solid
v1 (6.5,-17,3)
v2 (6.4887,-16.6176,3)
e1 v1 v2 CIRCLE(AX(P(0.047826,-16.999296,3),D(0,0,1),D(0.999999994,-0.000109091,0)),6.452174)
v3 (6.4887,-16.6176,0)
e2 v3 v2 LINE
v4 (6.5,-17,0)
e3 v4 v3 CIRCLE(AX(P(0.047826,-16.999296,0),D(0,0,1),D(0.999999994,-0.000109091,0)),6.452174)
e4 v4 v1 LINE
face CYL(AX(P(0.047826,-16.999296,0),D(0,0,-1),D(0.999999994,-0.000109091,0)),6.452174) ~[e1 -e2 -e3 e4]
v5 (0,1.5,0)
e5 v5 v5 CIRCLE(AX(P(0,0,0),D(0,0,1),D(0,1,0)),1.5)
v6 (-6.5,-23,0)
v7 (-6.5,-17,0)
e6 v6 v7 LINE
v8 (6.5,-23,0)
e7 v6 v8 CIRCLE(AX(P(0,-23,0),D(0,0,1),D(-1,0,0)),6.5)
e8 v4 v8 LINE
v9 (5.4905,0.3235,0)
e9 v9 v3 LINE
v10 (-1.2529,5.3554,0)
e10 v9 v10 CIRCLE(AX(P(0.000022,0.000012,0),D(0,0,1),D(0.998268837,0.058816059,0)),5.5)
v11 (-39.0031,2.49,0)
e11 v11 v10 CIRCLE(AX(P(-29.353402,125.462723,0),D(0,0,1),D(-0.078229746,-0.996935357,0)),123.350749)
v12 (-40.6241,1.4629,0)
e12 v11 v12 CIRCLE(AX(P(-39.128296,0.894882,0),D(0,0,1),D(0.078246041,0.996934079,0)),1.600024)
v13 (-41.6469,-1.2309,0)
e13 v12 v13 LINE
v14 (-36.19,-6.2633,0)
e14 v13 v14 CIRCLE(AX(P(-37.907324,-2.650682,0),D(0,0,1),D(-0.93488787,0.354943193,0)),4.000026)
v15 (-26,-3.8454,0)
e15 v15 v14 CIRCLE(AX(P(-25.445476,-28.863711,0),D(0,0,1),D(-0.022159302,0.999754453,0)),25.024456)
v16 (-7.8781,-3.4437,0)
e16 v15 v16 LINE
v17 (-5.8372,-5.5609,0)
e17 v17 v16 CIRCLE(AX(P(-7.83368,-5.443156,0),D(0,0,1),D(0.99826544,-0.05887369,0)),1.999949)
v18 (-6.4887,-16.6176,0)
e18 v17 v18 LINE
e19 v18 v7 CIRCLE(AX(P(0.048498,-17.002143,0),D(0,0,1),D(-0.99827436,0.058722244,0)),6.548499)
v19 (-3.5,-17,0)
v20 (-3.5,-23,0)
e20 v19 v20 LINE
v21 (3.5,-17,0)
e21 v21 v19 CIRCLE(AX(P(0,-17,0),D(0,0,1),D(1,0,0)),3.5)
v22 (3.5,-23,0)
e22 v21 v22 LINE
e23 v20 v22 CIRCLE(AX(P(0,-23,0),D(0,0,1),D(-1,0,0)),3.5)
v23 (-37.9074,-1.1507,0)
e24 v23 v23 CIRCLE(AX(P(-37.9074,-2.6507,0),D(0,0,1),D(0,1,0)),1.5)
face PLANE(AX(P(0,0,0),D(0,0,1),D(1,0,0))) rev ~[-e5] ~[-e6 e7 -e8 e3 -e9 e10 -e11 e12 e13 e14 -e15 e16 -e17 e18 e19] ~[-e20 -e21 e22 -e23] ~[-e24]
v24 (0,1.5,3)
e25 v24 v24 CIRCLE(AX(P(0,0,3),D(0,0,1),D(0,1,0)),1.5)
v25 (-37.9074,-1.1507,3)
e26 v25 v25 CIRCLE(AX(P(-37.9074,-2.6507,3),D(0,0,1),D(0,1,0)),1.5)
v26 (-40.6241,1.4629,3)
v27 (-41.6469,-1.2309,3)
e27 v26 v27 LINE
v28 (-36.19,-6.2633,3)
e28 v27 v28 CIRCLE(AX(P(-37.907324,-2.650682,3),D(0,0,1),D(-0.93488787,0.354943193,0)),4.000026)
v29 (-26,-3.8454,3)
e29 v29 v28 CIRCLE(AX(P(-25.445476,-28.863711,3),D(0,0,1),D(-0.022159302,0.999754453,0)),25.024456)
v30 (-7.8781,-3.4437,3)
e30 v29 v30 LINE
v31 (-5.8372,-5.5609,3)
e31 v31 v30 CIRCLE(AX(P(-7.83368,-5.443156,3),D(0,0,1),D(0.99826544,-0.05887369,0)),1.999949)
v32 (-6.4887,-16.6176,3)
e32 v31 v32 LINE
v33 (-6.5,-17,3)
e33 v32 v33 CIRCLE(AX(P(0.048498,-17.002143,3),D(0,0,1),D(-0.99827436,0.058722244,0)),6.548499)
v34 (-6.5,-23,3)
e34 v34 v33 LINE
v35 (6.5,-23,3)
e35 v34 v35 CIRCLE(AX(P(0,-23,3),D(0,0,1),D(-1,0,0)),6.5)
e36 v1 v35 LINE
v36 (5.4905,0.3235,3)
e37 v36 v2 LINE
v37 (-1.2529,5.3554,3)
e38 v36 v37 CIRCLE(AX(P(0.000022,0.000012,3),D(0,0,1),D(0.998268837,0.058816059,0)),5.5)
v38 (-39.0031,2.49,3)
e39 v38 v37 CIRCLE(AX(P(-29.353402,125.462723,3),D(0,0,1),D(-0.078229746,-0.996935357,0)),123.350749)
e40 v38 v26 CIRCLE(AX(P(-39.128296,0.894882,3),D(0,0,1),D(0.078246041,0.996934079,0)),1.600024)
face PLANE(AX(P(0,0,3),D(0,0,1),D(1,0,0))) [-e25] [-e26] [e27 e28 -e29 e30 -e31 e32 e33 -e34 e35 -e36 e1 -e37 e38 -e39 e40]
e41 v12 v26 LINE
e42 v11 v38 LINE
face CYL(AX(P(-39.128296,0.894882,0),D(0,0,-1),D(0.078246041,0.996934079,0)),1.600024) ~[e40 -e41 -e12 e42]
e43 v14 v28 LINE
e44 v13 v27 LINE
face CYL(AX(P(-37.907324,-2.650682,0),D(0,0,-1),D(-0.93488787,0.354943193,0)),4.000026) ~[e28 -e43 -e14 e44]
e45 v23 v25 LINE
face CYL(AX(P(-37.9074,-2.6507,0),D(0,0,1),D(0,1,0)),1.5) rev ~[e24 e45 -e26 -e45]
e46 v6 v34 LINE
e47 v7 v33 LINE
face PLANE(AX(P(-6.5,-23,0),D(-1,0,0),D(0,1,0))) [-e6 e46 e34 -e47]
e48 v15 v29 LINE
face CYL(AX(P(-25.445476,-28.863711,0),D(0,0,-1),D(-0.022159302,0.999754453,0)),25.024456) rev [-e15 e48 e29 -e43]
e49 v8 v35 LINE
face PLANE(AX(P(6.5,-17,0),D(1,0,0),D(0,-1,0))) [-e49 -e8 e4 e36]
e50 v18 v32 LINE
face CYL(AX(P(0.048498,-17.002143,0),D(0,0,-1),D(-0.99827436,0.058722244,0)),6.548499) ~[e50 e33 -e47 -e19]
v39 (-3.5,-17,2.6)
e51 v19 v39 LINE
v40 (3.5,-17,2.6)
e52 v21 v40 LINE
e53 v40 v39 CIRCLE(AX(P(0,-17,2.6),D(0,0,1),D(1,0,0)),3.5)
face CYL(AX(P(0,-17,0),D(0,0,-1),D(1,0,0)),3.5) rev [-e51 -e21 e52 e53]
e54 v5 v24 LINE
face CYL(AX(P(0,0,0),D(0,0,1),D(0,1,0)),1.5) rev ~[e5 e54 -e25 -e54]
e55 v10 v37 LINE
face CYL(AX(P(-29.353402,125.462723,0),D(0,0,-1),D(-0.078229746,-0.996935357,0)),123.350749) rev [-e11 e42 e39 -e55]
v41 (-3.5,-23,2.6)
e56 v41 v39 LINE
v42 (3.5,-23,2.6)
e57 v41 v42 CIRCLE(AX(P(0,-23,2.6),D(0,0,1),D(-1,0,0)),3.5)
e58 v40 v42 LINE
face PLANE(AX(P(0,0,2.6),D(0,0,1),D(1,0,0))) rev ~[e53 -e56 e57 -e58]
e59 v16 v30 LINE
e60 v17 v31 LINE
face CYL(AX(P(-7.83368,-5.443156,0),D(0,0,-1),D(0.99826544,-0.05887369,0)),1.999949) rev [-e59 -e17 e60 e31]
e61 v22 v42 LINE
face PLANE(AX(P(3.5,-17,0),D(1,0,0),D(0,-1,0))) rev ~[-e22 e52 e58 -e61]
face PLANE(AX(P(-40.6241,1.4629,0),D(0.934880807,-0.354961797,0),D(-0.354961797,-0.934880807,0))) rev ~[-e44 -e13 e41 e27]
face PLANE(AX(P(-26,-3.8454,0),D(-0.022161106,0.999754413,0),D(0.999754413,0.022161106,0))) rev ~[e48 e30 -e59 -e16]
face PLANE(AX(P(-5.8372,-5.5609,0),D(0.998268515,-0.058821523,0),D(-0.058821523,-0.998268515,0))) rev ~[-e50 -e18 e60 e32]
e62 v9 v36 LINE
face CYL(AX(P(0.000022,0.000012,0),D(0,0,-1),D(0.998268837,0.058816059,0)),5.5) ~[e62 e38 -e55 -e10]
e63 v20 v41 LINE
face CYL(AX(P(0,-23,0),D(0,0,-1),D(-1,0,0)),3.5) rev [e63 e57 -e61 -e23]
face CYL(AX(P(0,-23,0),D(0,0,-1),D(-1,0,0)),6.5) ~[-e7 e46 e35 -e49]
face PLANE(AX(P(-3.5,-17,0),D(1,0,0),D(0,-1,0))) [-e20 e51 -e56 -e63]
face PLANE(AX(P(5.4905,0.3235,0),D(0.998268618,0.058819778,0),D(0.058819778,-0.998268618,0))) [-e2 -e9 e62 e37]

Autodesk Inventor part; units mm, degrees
ref_plane "YZ Plane" through (0, 0, 0) normal (1, 0, 0) x (0, 1, 0)
ref_plane "XZ Plane" through (0, 0, 0) normal (0, 1, 0) x (-1, 0, 0)
ref_plane "XY Plane" through (0, 0, 0) normal (0, 0, 1) x (1, 0, 0)
sketch "スケッチ1" plane through (0, 0, 0) normal (0, 0, 1) x (1, 0, 0)
  line L0 (0, 0) -> (0, -20) construction
  line L1 (0, -20) -> (-37.9074, -2.6507) construction
  line L2 (-37.9074, -2.6507) -> (0, 0) construction
  arc A0 (-41.6469, -1.2309) -> (-36.19, -6.2633) centre (-37.9074, -2.6507) ccw
  arc A1 (5.4905, 0.3235) -> (-1.2529, 5.3554) centre (0, 0) ccw
  arc A2 (-6.5, -23) -> (6.5, -23) centre (0, -23) ccw
  arc A3 (3.5, -17) -> (-3.5, -17) centre (0, -17) ccw
  arc A4 (-3.5, -23) -> (3.5, -23) centre (0, -23) ccw
  line L3 (-3.5, -17) -> (-3.5, -23)
  line L4 (3.5, -17) -> (3.5, -23)
  line L5 (0, -23) -> (0, -17) construction
  line L6 (5.4905, 0.3235) -> (6.4887, -16.6176)
  line L7 (6.5, -17) -> (6.5, -23)
  arc A5 (6.5, -17) -> (6.4887, -16.6176) centre (0, -17) ccw
  line L8 (-6.5, -23) -> (-6.5, -17)
  arc A6 (-1.2529, 5.3554) -> (-5.4905, 0.3235) centre (0, 0) ccw construction
  line L9 (-5.4905, 0.3235) -> (-5.7734, -4.4787) construction
  arc A7 (-6.4887, -16.6176) -> (-6.5, -17) centre (0, -17) ccw
  line L10 (-5.8372, -5.5609) -> (-6.4887, -16.6176)
  arc A8 (-5.8372, -5.5609) -> (-7.8781, -3.4437) centre (-7.8338, -5.4432) ccw
  line L11 (-40.6241, 1.4629) -> (-41.6469, -1.2309)
  arc A9 (-26, -3.8454) -> (-36.19, -6.2633) centre (-25.4454, -28.8643) ccw
  line L12 (-26, -3.8454) -> (-7.8781, -3.4437)
  arc A10 (-39.0031, 2.49) -> (-40.6241, 1.4629) centre (-39.1283, 0.8949) ccw
  arc A11 (-39.0031, 2.49) -> (-1.2529, 5.3554) centre (-29.3534, 125.4645) ccw
  line L13 (-26.133, 2.1531) -> (-8.011, 2.5548) construction
  line L14 (-39.1283, 0.8949) -> (-37.9074, -2.6507) construction
  dimension "d0" = 20
  dimension "d2" = 38
  dimension "d3" = 4
  dimension "d13" = 6
  dimension "d14" = 3.5
  dimension "d15" = 6.5
  dimension "d21" = 86
  dimension "d27" = 2
  dimension "d32" = 5.5
  dimension "d35" = 88.73
  dimension "d36" = 3.2683
  dimension "d39" = 1.6
  dimension "d40" = 26
  dimension "d41" = 6
  dimension "d42" = 105
  dimension "d43" = 3.75
extrude "押し出し1" add sketch "スケッチ1" along normal blind 3
hole "穴1" at (-37.9074, -2.6507, 0) at (0, 0, 0) direction (0, 0, 1) diameter 3 end through all
sketch "スケッチ2" plane through (0, 0, 3) normal (0, 0, 1) x (1, 0, 0)
  arc A0 (3.5, -17) -> (-3.5, -17) centre (0, -17) ccw projected
  line L0 (3.5, -17) -> (3.5, -23) projected
  arc A1 (-3.5, -23) -> (3.5, -23) centre (0, -23) ccw projected
  line L1 (-3.5, -23) -> (-3.5, -17) projected
  point P0 (0, 0)
extrude "押し出し2" add sketch "スケッチ2" against normal blind 0.4
properties part number "COXA_YAW_SUPPORT-LINK_BACK"
